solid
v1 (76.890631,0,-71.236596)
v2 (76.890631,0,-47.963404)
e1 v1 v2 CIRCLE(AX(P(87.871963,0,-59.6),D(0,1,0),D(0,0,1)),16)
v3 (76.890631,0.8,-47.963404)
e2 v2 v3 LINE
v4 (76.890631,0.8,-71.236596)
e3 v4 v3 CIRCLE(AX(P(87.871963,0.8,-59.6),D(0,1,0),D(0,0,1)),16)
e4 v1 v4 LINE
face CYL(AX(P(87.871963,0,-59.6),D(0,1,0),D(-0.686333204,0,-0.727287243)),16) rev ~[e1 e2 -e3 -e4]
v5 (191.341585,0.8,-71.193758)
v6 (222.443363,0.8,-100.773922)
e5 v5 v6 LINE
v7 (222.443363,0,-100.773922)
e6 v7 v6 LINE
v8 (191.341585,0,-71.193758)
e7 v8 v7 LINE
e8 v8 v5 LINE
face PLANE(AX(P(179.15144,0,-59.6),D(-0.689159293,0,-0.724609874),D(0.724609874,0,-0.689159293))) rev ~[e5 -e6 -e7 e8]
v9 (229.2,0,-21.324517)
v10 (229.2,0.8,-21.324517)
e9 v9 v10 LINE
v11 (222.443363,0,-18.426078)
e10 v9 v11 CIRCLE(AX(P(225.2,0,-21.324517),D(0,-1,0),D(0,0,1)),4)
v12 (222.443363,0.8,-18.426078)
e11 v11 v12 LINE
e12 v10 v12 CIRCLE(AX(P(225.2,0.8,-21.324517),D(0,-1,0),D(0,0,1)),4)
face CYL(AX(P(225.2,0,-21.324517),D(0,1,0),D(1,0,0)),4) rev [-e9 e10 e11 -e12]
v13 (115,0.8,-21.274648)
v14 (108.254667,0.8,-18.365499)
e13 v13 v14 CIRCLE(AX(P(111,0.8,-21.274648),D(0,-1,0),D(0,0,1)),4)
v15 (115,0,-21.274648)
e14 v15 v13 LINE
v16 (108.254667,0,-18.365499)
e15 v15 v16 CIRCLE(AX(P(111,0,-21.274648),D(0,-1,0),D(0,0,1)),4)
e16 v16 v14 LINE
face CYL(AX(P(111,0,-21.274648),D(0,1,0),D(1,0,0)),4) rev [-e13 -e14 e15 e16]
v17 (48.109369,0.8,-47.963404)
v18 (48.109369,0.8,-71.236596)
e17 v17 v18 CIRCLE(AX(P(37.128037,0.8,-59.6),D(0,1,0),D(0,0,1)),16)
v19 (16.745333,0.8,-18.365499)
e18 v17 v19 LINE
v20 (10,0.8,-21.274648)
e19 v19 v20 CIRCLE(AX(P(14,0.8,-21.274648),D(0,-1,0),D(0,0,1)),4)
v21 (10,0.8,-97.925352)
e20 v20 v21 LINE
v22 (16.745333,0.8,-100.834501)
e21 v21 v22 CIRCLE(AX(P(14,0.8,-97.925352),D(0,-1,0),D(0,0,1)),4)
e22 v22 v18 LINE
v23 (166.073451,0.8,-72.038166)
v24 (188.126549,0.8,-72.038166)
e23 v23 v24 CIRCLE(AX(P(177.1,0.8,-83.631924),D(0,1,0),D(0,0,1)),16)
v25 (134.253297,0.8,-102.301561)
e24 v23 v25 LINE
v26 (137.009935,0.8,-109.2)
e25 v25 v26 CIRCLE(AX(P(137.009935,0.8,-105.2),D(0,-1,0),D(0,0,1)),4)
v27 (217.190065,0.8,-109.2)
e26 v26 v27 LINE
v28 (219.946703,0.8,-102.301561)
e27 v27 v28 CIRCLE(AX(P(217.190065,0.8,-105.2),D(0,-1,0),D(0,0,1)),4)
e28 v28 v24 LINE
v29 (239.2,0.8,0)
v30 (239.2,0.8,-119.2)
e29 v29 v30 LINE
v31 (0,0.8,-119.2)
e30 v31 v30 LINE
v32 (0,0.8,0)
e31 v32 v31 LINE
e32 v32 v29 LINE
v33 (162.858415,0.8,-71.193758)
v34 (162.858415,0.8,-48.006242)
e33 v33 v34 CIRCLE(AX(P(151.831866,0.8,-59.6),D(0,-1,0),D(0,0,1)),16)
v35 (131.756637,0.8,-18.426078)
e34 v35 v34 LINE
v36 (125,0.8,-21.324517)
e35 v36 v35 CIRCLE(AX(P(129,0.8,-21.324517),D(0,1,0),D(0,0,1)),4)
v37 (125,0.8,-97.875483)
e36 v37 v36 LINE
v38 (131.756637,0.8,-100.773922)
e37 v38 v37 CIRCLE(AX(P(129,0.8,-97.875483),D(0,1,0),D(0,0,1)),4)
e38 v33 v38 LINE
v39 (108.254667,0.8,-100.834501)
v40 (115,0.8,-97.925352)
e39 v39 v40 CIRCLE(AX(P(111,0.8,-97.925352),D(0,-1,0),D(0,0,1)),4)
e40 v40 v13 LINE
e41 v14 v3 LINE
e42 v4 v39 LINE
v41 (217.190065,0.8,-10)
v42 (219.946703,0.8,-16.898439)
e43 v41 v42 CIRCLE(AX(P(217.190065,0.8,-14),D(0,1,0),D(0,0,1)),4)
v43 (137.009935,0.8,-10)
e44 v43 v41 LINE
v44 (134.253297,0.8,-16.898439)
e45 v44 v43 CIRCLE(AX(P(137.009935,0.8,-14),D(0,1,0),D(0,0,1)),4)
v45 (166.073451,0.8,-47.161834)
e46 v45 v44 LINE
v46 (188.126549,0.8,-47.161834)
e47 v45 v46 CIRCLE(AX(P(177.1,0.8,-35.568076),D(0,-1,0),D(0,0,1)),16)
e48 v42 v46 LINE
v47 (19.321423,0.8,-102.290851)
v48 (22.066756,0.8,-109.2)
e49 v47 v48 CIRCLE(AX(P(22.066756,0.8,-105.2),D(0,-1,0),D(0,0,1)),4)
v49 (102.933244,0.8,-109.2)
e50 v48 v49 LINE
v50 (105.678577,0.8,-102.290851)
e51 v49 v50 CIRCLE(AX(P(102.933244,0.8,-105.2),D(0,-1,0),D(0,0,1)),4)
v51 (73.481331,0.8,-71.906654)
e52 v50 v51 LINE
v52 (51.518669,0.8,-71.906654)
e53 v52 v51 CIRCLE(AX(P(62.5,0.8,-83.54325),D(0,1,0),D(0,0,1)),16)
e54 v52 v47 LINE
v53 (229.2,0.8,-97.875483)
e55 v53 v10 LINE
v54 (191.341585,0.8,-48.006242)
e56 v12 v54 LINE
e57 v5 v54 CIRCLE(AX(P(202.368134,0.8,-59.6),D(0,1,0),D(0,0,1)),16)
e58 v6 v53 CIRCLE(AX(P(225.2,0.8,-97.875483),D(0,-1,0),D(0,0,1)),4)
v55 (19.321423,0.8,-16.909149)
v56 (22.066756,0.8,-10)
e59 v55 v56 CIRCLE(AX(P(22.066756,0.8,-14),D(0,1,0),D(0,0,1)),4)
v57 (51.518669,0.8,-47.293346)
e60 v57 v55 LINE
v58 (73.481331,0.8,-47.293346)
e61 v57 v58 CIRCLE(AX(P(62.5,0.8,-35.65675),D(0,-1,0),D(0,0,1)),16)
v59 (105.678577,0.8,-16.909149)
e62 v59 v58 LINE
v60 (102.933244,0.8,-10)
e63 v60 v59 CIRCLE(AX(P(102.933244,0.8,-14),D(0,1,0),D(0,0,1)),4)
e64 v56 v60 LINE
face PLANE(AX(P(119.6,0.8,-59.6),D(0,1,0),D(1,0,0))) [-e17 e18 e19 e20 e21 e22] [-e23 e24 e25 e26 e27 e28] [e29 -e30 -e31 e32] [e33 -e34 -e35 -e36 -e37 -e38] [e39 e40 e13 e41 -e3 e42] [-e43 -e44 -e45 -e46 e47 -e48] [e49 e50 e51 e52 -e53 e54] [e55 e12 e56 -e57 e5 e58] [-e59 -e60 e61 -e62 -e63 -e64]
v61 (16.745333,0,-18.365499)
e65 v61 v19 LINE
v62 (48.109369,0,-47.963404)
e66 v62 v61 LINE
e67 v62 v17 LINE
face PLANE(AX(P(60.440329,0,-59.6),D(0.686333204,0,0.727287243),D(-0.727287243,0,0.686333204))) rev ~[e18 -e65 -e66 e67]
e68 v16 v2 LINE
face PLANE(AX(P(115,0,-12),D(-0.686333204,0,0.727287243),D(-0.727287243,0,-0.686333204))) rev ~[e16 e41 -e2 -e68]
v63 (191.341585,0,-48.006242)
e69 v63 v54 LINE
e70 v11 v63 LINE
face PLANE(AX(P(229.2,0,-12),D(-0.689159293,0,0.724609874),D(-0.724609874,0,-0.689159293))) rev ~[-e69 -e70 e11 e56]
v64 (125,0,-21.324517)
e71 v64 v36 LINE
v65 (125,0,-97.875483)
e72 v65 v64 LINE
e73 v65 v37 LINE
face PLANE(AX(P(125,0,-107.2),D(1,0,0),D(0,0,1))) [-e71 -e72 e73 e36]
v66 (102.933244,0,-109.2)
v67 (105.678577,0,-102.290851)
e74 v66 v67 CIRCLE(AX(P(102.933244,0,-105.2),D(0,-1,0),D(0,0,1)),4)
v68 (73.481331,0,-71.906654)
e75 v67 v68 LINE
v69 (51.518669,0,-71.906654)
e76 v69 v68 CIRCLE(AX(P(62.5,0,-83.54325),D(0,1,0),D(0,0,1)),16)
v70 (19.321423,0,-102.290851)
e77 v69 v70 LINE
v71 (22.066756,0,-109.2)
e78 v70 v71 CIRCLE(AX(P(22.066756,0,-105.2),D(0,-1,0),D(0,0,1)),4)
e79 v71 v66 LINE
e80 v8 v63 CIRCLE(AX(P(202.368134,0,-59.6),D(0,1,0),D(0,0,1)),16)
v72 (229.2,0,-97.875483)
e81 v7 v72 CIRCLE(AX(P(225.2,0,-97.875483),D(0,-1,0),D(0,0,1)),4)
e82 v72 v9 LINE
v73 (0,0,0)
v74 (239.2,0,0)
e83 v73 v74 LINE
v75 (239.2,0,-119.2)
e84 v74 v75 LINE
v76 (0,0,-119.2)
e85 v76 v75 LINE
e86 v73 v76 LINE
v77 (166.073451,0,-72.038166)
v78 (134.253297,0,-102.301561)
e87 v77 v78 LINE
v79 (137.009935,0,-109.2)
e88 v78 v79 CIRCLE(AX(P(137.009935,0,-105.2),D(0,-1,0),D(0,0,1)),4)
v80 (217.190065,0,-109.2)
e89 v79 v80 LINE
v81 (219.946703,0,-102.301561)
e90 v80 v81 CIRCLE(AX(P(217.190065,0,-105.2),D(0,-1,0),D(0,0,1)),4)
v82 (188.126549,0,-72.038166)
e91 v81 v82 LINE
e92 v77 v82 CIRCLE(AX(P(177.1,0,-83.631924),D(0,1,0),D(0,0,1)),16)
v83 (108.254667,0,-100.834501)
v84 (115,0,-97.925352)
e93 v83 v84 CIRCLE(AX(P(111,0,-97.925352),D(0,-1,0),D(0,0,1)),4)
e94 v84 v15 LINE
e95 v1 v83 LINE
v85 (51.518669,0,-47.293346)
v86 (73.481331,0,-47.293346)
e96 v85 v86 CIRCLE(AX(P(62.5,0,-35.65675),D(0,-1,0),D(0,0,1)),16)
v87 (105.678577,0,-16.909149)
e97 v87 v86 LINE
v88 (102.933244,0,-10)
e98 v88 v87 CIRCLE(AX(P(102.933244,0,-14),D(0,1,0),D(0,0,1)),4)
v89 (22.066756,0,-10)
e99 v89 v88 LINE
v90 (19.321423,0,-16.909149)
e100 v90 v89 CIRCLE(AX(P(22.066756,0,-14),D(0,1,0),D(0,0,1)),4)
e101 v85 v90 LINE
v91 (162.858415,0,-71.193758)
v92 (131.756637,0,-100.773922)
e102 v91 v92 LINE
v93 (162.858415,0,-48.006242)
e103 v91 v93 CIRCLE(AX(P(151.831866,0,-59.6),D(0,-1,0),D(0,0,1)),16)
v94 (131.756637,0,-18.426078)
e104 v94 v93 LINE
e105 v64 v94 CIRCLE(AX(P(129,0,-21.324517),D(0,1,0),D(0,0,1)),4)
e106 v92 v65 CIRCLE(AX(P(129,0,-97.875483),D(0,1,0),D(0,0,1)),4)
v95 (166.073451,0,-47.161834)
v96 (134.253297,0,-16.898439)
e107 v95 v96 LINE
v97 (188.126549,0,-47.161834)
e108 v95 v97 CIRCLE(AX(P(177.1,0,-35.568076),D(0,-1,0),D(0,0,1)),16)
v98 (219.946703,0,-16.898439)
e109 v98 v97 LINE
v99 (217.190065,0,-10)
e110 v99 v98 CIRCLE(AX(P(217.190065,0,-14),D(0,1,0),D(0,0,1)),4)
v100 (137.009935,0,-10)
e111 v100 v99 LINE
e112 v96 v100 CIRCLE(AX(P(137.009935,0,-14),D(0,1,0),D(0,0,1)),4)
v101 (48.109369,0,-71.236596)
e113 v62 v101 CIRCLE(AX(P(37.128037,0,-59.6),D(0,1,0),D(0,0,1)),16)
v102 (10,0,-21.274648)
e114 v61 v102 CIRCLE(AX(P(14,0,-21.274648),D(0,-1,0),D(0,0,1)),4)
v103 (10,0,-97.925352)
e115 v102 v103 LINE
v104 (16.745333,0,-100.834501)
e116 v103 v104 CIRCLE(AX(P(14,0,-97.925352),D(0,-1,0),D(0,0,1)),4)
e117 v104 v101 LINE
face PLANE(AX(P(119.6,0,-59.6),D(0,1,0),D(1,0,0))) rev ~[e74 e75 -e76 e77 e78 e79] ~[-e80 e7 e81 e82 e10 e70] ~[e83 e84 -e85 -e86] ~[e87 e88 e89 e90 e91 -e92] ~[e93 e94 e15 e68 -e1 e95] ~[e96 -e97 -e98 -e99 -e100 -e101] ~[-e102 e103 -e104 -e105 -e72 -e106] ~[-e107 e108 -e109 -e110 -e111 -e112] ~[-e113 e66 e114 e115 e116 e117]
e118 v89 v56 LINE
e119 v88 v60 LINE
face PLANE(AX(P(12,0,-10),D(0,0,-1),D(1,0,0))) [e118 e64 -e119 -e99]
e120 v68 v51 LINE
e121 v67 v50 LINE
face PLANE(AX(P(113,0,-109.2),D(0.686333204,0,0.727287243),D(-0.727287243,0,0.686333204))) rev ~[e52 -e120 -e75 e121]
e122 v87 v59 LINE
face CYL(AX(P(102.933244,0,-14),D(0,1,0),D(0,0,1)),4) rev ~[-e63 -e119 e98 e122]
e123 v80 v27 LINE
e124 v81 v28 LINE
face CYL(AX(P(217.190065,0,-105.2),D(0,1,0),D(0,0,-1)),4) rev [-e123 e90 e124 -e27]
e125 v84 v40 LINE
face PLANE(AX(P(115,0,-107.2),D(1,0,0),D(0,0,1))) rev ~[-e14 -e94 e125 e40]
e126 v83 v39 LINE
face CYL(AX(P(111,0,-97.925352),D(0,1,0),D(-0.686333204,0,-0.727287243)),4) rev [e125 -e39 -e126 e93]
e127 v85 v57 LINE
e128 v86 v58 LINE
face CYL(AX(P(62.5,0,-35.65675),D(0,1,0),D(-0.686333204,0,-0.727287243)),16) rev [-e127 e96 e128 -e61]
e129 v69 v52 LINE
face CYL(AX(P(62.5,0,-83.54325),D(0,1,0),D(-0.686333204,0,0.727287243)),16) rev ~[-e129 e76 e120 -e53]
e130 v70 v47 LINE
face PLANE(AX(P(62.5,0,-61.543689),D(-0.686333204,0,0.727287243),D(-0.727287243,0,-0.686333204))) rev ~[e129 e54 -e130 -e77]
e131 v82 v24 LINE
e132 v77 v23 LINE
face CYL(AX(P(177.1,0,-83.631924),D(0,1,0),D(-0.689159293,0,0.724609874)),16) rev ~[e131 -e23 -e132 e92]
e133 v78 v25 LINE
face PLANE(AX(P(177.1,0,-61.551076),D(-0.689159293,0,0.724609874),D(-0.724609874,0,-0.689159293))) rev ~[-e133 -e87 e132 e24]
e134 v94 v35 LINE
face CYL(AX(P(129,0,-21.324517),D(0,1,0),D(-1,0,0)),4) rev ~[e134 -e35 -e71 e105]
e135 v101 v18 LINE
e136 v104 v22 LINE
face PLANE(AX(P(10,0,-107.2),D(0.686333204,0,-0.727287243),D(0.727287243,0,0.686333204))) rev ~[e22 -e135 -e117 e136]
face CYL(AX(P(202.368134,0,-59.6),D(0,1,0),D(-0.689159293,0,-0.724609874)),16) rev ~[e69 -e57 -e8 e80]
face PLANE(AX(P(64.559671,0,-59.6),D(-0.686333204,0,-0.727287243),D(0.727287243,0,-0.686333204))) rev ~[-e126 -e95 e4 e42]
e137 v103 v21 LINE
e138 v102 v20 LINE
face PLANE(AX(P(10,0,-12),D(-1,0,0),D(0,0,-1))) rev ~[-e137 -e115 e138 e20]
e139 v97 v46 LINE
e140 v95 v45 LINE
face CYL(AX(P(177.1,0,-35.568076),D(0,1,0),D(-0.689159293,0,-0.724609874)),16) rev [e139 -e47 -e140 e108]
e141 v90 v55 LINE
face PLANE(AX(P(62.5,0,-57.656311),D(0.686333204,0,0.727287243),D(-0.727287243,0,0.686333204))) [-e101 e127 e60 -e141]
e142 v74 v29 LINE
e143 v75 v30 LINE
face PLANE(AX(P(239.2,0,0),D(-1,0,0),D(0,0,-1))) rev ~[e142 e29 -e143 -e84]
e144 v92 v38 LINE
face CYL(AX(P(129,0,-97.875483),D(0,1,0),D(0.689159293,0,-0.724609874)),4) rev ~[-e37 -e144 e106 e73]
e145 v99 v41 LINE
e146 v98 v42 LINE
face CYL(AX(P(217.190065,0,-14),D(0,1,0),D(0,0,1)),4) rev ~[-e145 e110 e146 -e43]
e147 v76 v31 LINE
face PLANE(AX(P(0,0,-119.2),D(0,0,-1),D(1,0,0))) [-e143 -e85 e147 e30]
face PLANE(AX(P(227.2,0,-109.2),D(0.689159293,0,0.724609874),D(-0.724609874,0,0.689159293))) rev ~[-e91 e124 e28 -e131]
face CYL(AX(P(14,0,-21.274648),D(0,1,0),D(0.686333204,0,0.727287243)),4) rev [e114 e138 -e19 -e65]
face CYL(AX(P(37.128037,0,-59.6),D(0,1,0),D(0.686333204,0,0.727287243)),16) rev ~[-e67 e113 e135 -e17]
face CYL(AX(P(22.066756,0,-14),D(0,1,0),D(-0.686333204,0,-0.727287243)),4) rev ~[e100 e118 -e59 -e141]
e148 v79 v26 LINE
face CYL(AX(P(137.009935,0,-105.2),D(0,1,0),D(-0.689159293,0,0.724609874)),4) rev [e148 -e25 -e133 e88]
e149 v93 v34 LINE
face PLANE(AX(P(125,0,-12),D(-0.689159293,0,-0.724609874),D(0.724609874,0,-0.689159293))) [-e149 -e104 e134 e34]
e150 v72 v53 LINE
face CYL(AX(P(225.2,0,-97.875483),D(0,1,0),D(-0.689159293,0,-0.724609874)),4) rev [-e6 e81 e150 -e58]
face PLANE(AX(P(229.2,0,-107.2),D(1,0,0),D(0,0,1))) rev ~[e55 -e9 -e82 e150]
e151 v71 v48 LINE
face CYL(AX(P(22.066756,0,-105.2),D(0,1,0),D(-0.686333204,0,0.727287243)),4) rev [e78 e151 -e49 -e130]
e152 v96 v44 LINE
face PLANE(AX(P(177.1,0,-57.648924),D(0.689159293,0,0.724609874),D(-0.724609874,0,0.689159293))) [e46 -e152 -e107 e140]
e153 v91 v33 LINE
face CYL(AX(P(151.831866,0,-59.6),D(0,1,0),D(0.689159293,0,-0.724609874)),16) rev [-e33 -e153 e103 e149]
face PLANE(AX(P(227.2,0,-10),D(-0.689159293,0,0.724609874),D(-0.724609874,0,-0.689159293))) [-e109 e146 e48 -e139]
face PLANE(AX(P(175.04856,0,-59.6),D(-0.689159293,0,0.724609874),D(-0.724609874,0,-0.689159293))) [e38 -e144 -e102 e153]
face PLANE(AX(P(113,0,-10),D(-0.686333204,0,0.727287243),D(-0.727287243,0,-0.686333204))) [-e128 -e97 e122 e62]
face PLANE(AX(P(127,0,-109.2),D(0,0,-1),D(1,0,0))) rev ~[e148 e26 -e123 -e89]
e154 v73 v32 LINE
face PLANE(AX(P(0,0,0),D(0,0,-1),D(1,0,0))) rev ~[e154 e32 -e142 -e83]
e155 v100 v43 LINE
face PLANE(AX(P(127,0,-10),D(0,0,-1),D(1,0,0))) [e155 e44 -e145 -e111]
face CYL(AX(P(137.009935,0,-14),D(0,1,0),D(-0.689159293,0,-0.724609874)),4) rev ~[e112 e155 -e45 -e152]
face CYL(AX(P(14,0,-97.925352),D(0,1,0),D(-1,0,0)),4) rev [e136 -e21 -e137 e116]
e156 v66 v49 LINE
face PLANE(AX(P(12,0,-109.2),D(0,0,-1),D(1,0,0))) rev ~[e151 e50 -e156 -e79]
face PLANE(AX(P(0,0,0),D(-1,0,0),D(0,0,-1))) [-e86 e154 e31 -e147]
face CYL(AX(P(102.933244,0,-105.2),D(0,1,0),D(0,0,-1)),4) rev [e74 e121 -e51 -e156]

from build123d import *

# Parameters (mm, degrees)
SKETCH1_W           = 239.2
SKETCH1_H           = 119.2
BOSS_EXTRUDE1_DEPTH = 0.8
FILLET2_R           = 16
FILLET3_R           = 4


with BuildPart() as part:
    # Sketch1 → Boss-Extrude1 (new body)
    with BuildSketch(Plane(origin=(0, 0, 0), x_dir=(1, 0, 0), z_dir=(0, 1, 0))):
        with Locations((119.6, 59.6)):
            Rectangle(SKETCH1_W, SKETCH1_H)
        Polygon((10, 107.2), (60.440329218, 59.6), (10, 12), align=None, mode=Mode.SUBTRACT)
        Polygon((12, 109.2), (113, 109.2), (62.5, 61.54368932), align=None, mode=Mode.SUBTRACT)
        Polygon((12, 10), (113, 10), (62.5, 57.65631068), align=None, mode=Mode.SUBTRACT)
        Polygon((115, 107.2), (115, 12), (64.559670782, 59.6), align=None, mode=Mode.SUBTRACT)
        Polygon((127, 109.2), (227.2, 109.2), (177.1, 61.551076321), align=None, mode=Mode.SUBTRACT)
        Polygon((125, 107.2), (125, 12), (175.048559671, 59.6), align=None, mode=Mode.SUBTRACT)
        Polygon((127, 10), (227.2, 10), (177.1, 57.648923679), align=None, mode=Mode.SUBTRACT)
        Polygon((229.2, 107.2), (229.2, 12), (179.151440329, 59.6), align=None, mode=Mode.SUBTRACT)
    extrude(amount=BOSS_EXTRUDE1_DEPTH)

    # Fillet2
    fillet2_edges = [part.edges().sort_by_distance(p)[0] for p in [
        (62.5, 0.4, -61.54368932),
        (60.440329218, 0.4, -59.6),
        (175.048559671, 0.4, -59.6),
        (177.1, 0.4, -57.648923679),
        (177.1, 0.4, -61.551076321),
        (62.5, 0.4, -57.65631068),
        (64.559670782, 0.4, -59.6),
        (179.151440329, 0.4, -59.6),
    ]]
    fillet(fillet2_edges, radius=FILLET2_R)

    # Fillet3
    fillet3_edges = [part.edges().sort_by_distance(p)[0] for p in [
        (113, 0.4, -109.2),
        (12, 0.4, -109.2),
        (10, 0.4, -12),
        (10, 0.4, -107.2),
        (125, 0.4, -107.2),
        (125, 0.4, -12),
        (227.2, 0.4, -10),
        (127, 0.4, -10),
        (227.2, 0.4, -109.2),
        (127, 0.4, -109.2),
        (113, 0.4, -10),
        (12, 0.4, -10),
        (115, 0.4, -12),
        (115, 0.4, -107.2),
        (229.2, 0.4, -12),
        (229.2, 0.4, -107.2),
    ]]
    fillet(fillet3_edges, radius=FILLET3_R)


solid = part.part
